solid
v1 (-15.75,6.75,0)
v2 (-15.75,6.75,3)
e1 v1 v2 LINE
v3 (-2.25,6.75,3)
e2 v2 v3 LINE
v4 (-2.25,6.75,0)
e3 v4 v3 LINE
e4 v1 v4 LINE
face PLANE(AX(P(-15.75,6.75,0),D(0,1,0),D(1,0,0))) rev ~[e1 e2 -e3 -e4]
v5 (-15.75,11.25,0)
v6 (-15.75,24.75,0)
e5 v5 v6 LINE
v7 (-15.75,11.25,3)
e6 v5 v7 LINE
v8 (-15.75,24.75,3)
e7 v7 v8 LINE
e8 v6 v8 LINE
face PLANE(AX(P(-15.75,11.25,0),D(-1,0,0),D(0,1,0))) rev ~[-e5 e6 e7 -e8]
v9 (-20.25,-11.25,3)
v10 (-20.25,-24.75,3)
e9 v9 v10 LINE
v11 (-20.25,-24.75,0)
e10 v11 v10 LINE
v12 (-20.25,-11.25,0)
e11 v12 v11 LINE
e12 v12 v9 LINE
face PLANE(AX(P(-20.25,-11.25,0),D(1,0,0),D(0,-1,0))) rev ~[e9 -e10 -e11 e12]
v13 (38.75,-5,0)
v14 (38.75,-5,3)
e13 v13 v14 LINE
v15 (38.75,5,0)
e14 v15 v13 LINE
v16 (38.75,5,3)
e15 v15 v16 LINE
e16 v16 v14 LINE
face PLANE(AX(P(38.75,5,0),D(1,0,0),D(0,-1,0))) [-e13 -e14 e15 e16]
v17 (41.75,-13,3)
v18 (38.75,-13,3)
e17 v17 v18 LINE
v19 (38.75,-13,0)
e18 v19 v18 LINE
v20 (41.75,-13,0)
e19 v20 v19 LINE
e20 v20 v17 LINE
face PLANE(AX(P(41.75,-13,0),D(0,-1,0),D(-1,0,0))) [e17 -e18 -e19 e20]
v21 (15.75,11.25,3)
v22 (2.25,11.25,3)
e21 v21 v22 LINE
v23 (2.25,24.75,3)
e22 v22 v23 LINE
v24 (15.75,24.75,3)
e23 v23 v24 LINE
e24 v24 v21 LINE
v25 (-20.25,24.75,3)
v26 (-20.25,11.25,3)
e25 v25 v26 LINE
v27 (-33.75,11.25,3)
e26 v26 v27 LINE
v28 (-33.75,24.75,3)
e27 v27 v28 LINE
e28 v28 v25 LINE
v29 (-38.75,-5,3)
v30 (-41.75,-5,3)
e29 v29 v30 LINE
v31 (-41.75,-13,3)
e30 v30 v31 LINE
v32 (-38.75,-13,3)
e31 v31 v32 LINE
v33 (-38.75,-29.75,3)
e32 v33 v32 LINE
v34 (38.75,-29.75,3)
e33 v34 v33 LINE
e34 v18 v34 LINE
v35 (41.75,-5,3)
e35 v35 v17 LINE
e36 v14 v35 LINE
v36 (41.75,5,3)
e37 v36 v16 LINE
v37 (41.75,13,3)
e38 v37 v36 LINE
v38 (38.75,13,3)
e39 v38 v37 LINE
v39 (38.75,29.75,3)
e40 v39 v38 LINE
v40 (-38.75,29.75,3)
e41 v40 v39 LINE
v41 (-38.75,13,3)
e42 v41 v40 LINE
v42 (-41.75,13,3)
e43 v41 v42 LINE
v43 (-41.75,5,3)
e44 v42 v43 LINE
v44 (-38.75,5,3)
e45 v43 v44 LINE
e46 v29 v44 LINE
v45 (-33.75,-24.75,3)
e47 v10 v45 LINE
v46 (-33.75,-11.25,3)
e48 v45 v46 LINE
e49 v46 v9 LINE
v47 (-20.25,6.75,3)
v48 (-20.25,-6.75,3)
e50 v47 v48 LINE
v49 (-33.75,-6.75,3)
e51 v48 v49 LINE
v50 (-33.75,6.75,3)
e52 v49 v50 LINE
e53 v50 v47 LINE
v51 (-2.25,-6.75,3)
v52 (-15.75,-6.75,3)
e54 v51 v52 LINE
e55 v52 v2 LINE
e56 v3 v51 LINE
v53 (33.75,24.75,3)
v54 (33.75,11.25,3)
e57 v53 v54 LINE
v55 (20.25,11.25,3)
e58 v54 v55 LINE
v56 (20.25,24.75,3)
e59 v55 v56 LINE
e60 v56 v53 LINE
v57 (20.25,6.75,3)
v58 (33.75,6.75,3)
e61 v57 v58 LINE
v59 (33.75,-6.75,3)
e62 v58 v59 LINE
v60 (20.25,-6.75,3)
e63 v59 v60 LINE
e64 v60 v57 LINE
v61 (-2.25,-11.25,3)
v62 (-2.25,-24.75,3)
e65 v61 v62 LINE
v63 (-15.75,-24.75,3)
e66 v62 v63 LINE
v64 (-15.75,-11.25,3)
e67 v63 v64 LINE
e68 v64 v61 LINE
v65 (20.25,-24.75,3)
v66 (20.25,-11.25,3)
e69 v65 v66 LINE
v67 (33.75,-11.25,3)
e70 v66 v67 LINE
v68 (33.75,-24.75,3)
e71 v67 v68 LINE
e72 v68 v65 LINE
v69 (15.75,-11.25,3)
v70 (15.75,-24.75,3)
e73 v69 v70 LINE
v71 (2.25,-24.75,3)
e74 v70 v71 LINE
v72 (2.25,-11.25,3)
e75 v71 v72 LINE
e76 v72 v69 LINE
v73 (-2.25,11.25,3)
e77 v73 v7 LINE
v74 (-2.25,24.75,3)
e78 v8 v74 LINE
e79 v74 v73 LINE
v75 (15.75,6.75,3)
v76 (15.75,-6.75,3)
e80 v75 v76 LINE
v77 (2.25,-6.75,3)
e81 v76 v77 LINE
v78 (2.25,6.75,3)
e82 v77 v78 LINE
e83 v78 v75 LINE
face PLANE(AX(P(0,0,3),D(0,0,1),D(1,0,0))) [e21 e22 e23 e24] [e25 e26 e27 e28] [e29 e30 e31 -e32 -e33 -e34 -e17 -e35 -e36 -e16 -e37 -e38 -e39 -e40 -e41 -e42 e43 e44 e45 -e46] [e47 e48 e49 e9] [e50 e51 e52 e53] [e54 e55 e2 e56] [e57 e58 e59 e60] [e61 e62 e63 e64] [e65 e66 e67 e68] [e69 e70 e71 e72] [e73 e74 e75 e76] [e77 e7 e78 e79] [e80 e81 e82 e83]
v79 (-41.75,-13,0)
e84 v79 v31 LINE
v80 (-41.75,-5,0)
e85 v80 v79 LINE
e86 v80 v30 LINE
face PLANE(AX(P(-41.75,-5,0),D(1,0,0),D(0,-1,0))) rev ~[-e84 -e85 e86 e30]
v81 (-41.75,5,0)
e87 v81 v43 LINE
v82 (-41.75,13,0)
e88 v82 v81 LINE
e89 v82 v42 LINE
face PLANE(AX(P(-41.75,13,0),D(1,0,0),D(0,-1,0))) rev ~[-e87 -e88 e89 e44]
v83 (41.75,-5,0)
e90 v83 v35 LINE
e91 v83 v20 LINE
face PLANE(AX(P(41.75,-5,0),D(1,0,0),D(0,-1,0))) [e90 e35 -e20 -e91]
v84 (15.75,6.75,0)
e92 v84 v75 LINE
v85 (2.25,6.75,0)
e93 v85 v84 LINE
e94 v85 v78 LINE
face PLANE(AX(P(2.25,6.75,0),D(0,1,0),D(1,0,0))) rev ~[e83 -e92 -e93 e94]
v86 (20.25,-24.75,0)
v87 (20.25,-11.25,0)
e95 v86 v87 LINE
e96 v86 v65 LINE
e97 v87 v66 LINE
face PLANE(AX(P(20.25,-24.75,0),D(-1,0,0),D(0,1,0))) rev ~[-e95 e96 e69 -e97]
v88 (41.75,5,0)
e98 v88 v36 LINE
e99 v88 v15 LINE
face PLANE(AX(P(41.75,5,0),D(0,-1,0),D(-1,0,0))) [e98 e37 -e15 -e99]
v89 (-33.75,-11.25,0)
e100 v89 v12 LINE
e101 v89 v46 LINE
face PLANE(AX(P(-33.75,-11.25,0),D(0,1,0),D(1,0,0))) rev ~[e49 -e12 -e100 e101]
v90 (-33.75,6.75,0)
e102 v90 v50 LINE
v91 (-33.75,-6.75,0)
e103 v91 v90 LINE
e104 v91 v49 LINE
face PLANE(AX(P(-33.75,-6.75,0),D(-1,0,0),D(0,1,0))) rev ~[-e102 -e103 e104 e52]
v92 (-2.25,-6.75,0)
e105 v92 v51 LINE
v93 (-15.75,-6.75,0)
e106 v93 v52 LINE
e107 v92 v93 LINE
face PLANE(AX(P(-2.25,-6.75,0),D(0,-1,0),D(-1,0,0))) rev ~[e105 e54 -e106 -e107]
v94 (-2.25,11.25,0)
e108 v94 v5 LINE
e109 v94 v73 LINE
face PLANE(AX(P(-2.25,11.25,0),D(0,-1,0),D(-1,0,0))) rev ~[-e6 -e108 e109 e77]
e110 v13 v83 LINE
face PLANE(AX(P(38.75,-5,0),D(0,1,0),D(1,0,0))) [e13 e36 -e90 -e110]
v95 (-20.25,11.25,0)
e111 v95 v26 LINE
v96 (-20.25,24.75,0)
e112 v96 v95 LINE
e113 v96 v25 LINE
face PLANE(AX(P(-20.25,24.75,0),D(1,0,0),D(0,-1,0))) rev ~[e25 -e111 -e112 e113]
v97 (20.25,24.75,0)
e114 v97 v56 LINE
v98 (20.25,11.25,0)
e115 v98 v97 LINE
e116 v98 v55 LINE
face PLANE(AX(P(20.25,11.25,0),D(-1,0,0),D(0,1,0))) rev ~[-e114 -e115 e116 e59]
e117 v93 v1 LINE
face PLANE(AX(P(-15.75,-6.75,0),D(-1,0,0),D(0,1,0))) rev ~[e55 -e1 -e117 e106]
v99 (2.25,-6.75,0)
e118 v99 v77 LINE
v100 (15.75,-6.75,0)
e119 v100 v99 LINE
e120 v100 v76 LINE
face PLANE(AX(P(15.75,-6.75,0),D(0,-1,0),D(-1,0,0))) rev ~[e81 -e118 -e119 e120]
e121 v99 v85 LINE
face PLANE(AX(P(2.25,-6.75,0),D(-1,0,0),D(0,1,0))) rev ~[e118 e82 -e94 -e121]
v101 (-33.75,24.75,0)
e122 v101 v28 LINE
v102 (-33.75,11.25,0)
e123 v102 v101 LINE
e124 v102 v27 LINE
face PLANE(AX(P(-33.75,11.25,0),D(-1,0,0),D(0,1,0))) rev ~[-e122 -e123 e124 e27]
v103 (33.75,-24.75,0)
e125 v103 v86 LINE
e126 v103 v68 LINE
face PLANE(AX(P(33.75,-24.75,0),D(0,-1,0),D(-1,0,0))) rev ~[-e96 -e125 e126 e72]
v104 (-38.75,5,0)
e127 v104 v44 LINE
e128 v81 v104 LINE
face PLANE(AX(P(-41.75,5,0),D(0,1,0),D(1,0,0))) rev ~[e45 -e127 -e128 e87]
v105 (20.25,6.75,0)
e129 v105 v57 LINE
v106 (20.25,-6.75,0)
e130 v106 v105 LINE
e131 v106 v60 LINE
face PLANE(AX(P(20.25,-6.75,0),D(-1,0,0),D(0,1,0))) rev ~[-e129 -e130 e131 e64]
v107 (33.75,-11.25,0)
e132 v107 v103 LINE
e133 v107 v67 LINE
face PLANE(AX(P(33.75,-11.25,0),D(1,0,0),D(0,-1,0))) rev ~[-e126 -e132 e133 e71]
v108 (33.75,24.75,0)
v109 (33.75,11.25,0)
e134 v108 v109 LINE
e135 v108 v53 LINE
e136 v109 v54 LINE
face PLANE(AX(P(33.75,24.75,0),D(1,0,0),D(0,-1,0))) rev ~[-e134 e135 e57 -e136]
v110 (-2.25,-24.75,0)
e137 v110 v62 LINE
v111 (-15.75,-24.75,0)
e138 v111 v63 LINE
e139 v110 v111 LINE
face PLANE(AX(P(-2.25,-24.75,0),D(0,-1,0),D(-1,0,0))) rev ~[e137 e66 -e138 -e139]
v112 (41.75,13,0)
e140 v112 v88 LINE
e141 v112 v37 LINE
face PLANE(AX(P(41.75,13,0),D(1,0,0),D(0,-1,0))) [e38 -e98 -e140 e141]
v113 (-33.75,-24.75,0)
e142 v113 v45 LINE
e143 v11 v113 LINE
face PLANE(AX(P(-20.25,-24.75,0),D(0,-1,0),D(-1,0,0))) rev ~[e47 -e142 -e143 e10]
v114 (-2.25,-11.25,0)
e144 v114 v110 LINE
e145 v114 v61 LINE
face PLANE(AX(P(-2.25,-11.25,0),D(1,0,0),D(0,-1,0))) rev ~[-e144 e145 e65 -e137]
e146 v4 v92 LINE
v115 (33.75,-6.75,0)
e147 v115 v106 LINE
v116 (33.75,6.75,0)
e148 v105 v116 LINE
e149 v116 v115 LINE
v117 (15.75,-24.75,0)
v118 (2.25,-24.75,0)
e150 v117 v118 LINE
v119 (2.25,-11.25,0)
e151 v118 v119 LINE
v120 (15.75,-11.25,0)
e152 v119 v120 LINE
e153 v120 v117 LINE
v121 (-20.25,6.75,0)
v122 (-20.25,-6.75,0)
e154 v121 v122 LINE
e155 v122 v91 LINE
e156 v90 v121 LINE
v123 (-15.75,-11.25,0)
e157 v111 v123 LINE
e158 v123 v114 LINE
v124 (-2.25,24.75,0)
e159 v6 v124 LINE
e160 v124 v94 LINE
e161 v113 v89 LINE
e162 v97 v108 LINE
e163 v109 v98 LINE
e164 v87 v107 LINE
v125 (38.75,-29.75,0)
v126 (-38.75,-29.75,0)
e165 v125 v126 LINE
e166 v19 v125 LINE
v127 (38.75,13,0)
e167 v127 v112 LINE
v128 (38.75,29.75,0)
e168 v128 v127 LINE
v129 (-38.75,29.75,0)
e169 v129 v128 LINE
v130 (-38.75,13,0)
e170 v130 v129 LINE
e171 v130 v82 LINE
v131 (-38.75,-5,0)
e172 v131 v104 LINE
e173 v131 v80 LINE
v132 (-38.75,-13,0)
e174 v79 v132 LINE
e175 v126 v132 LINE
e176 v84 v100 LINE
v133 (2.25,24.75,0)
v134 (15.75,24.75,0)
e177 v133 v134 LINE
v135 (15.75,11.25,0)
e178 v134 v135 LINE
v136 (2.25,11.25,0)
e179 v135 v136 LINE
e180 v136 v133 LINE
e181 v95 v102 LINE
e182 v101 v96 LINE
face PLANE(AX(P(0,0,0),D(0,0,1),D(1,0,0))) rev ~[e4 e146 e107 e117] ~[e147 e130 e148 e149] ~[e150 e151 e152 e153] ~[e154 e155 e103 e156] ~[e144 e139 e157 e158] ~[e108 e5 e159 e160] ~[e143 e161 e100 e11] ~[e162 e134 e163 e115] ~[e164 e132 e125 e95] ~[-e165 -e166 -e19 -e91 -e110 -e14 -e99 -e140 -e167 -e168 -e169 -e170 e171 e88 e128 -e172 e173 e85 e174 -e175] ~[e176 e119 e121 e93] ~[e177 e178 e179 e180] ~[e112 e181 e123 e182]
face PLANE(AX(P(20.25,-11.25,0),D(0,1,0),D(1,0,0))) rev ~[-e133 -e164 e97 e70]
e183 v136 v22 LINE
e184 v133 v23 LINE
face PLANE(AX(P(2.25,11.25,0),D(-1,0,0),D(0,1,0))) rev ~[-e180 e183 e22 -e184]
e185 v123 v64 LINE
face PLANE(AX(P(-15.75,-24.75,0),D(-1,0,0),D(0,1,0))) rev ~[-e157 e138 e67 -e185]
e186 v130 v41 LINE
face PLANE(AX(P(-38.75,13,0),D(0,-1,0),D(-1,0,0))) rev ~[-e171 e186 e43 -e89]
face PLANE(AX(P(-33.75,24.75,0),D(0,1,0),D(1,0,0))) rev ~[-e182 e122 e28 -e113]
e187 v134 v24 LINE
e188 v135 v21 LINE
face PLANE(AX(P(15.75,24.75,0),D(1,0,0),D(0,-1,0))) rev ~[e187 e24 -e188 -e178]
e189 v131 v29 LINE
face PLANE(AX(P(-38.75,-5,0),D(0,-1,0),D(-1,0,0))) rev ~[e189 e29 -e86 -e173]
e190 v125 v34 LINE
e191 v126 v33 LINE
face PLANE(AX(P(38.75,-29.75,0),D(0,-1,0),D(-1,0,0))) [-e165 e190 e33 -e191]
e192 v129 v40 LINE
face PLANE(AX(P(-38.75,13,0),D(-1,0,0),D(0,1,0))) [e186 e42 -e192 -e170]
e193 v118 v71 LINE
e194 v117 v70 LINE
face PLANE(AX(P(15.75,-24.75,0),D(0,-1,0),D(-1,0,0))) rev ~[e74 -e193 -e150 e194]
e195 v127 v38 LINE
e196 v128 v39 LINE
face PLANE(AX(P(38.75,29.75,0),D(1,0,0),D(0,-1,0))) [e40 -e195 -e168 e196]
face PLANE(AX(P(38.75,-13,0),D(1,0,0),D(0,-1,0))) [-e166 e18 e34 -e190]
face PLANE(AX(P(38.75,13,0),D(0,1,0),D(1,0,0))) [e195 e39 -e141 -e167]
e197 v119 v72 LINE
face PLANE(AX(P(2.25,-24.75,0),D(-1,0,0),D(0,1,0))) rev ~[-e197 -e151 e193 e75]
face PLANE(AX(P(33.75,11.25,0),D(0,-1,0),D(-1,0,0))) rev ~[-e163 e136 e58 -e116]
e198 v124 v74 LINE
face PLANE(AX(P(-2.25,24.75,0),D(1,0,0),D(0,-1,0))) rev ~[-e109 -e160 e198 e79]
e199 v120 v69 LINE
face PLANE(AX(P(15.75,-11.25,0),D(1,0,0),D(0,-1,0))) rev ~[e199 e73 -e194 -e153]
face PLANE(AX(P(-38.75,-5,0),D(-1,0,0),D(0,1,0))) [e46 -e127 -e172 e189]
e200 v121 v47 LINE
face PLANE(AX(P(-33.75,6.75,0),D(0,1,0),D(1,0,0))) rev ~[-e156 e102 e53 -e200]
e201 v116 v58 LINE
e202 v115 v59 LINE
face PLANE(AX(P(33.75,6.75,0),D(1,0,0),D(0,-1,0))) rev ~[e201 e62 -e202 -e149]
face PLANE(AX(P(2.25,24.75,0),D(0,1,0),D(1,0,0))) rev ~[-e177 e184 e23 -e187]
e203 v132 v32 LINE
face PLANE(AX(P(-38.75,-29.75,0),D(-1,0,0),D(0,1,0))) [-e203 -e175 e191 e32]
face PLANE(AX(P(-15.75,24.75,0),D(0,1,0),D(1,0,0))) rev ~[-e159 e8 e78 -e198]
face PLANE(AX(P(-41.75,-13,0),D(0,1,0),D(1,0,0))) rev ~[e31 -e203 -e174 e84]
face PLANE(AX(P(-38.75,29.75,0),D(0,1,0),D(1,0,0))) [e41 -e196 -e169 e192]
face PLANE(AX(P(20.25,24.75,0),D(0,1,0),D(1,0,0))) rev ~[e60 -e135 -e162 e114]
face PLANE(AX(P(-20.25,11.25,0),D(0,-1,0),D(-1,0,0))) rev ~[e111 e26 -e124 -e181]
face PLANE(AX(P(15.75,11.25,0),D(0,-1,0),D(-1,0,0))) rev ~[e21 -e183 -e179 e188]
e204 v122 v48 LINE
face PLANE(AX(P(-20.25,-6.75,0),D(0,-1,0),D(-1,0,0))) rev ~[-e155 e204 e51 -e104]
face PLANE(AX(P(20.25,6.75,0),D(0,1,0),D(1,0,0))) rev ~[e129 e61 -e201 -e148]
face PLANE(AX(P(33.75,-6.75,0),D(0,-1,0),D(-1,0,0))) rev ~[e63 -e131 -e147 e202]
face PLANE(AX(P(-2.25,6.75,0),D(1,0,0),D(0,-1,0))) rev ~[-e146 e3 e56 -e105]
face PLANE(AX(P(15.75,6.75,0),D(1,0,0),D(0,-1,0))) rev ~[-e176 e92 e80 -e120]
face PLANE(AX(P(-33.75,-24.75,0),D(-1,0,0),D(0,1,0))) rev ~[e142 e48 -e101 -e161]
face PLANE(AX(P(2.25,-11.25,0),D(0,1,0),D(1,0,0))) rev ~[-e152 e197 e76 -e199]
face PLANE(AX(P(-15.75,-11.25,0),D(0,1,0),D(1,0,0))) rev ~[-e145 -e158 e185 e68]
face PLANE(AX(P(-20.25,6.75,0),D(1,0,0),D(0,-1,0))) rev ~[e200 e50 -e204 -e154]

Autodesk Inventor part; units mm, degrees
ref_plane "YZ Plane" through (0, 0, 0) normal (1, 0, 0) x (0, 1, 0)
ref_plane "XZ Plane" through (0, 0, 0) normal (0, 1, 0) x (-1, 0, 0)
ref_plane "XY Plane" through (0, 0, 0) normal (0, 0, 1) x (1, 0, 0)
sketch "Sketch1" plane through (0, 0, 0) normal (0, 0, 1) x (1, 0, 0)
  line L0 (-38.75, 29.75) -> (38.75, 29.75)
  line L1 (38.75, 29.75) -> (38.75, -29.75)
  line L2 (38.75, -29.75) -> (-38.75, -29.75)
  line L3 (-38.75, -29.75) -> (-38.75, 29.75)
  line L4 (-33.75, 24.75) -> (-20.25, 24.75)
  line L5 (-20.25, 24.75) -> (-20.25, 11.25)
  line L6 (-20.25, 11.25) -> (-33.75, 11.25)
  line L7 (-33.75, 11.25) -> (-33.75, 24.75)
  line L8 (-2.25, 24.75) -> (-2.25, 11.25)
  line L9 (-15.75, 24.75) -> (-2.25, 24.75)
  line L10 (-15.75, 11.25) -> (-15.75, 24.75)
  line L11 (-2.25, 11.25) -> (-15.75, 11.25)
  line L12 (15.75, 24.75) -> (15.75, 11.25)
  line L13 (2.25, 24.75) -> (15.75, 24.75)
  line L14 (2.25, 11.25) -> (2.25, 24.75)
  line L15 (15.75, 11.25) -> (2.25, 11.25)
  line L16 (33.75, 24.75) -> (33.75, 11.25)
  line L17 (20.25, 24.75) -> (33.75, 24.75)
  line L18 (20.25, 11.25) -> (20.25, 24.75)
  line L19 (33.75, 11.25) -> (20.25, 11.25)
  line L20 (-20.25, 6.75) -> (-20.25, -6.75)
  line L21 (-33.75, 6.75) -> (-20.25, 6.75)
  line L22 (-33.75, -6.75) -> (-33.75, 6.75)
  line L23 (-20.25, -6.75) -> (-33.75, -6.75)
  line L24 (-2.25, 6.75) -> (-2.25, -6.75)
  line L25 (-15.75, 6.75) -> (-2.25, 6.75)
  line L26 (-15.75, -6.75) -> (-15.75, 6.75)
  line L27 (-2.25, -6.75) -> (-15.75, -6.75)
  line L28 (15.75, 6.75) -> (15.75, -6.75)
  line L29 (2.25, 6.75) -> (15.75, 6.75)
  line L30 (2.25, -6.75) -> (2.25, 6.75)
  line L31 (15.75, -6.75) -> (2.25, -6.75)
  line L32 (33.75, 6.75) -> (33.75, -6.75)
  line L33 (20.25, 6.75) -> (33.75, 6.75)
  line L34 (20.25, -6.75) -> (20.25, 6.75)
  line L35 (33.75, -6.75) -> (20.25, -6.75)
  line L36 (-20.25, -11.25) -> (-20.25, -24.75)
  line L37 (-33.75, -11.25) -> (-20.25, -11.25)
  line L38 (-33.75, -24.75) -> (-33.75, -11.25)
  line L39 (-20.25, -24.75) -> (-33.75, -24.75)
  line L40 (-2.25, -11.25) -> (-2.25, -24.75)
  line L41 (-15.75, -11.25) -> (-2.25, -11.25)
  line L42 (-15.75, -24.75) -> (-15.75, -11.25)
  line L43 (-2.25, -24.75) -> (-15.75, -24.75)
  line L44 (15.75, -11.25) -> (15.75, -24.75)
  line L45 (2.25, -11.25) -> (15.75, -11.25)
  line L46 (2.25, -24.75) -> (2.25, -11.25)
  line L47 (15.75, -24.75) -> (2.25, -24.75)
  line L48 (33.75, -11.25) -> (33.75, -24.75)
  line L49 (20.25, -11.25) -> (33.75, -11.25)
  line L50 (20.25, -24.75) -> (20.25, -11.25)
  line L51 (33.75, -24.75) -> (20.25, -24.75)
  line L52 (-38.75, 13) -> (-41.75, 13)
  line L53 (-41.75, 13) -> (-41.75, 5)
  line L54 (-41.75, 5) -> (-38.75, 5)
  line L55 (-38.75, -5) -> (-41.75, -5)
  line L56 (-41.75, -5) -> (-41.75, -13)
  line L57 (-41.75, -13) -> (-38.75, -13)
  line L58 (-22.2351, 9) -> (-45.0452, 9) construction
  line L59 (-22.7359, -9) -> (-44.2257, -9) construction
  line L60 (38.75, 13) -> (41.75, 13)
  line L61 (41.75, 13) -> (41.75, 5)
  line L62 (41.75, 5) -> (38.75, 5)
  line L63 (38.75, -5) -> (41.75, -5)
  line L64 (41.75, -5) -> (41.75, -13)
  line L65 (41.75, -13) -> (38.75, -13)
  point P0 (0, 0)
  point P1 (0, 29.75)
  point P2 (-38.75, 0)
  dimension "d0" = 13.5
  dimension "d1" = 5
  dimension "d2" = 5
  dimension "d5" = 18
  dimension "d8" = 18
  dimension "d11" = 5
  dimension "d12" = 5
  dimension "d13" = 8
  dimension "d14" = 3
extrude "Extrusion1" add sketch "Sketch1" along normal blind 3
equation "\"d2\" = d1"
equation "\"d11\" = d1"
equation "\"d12\" = d1"
properties part number "Top" material "Polycarbonate, Clear"
